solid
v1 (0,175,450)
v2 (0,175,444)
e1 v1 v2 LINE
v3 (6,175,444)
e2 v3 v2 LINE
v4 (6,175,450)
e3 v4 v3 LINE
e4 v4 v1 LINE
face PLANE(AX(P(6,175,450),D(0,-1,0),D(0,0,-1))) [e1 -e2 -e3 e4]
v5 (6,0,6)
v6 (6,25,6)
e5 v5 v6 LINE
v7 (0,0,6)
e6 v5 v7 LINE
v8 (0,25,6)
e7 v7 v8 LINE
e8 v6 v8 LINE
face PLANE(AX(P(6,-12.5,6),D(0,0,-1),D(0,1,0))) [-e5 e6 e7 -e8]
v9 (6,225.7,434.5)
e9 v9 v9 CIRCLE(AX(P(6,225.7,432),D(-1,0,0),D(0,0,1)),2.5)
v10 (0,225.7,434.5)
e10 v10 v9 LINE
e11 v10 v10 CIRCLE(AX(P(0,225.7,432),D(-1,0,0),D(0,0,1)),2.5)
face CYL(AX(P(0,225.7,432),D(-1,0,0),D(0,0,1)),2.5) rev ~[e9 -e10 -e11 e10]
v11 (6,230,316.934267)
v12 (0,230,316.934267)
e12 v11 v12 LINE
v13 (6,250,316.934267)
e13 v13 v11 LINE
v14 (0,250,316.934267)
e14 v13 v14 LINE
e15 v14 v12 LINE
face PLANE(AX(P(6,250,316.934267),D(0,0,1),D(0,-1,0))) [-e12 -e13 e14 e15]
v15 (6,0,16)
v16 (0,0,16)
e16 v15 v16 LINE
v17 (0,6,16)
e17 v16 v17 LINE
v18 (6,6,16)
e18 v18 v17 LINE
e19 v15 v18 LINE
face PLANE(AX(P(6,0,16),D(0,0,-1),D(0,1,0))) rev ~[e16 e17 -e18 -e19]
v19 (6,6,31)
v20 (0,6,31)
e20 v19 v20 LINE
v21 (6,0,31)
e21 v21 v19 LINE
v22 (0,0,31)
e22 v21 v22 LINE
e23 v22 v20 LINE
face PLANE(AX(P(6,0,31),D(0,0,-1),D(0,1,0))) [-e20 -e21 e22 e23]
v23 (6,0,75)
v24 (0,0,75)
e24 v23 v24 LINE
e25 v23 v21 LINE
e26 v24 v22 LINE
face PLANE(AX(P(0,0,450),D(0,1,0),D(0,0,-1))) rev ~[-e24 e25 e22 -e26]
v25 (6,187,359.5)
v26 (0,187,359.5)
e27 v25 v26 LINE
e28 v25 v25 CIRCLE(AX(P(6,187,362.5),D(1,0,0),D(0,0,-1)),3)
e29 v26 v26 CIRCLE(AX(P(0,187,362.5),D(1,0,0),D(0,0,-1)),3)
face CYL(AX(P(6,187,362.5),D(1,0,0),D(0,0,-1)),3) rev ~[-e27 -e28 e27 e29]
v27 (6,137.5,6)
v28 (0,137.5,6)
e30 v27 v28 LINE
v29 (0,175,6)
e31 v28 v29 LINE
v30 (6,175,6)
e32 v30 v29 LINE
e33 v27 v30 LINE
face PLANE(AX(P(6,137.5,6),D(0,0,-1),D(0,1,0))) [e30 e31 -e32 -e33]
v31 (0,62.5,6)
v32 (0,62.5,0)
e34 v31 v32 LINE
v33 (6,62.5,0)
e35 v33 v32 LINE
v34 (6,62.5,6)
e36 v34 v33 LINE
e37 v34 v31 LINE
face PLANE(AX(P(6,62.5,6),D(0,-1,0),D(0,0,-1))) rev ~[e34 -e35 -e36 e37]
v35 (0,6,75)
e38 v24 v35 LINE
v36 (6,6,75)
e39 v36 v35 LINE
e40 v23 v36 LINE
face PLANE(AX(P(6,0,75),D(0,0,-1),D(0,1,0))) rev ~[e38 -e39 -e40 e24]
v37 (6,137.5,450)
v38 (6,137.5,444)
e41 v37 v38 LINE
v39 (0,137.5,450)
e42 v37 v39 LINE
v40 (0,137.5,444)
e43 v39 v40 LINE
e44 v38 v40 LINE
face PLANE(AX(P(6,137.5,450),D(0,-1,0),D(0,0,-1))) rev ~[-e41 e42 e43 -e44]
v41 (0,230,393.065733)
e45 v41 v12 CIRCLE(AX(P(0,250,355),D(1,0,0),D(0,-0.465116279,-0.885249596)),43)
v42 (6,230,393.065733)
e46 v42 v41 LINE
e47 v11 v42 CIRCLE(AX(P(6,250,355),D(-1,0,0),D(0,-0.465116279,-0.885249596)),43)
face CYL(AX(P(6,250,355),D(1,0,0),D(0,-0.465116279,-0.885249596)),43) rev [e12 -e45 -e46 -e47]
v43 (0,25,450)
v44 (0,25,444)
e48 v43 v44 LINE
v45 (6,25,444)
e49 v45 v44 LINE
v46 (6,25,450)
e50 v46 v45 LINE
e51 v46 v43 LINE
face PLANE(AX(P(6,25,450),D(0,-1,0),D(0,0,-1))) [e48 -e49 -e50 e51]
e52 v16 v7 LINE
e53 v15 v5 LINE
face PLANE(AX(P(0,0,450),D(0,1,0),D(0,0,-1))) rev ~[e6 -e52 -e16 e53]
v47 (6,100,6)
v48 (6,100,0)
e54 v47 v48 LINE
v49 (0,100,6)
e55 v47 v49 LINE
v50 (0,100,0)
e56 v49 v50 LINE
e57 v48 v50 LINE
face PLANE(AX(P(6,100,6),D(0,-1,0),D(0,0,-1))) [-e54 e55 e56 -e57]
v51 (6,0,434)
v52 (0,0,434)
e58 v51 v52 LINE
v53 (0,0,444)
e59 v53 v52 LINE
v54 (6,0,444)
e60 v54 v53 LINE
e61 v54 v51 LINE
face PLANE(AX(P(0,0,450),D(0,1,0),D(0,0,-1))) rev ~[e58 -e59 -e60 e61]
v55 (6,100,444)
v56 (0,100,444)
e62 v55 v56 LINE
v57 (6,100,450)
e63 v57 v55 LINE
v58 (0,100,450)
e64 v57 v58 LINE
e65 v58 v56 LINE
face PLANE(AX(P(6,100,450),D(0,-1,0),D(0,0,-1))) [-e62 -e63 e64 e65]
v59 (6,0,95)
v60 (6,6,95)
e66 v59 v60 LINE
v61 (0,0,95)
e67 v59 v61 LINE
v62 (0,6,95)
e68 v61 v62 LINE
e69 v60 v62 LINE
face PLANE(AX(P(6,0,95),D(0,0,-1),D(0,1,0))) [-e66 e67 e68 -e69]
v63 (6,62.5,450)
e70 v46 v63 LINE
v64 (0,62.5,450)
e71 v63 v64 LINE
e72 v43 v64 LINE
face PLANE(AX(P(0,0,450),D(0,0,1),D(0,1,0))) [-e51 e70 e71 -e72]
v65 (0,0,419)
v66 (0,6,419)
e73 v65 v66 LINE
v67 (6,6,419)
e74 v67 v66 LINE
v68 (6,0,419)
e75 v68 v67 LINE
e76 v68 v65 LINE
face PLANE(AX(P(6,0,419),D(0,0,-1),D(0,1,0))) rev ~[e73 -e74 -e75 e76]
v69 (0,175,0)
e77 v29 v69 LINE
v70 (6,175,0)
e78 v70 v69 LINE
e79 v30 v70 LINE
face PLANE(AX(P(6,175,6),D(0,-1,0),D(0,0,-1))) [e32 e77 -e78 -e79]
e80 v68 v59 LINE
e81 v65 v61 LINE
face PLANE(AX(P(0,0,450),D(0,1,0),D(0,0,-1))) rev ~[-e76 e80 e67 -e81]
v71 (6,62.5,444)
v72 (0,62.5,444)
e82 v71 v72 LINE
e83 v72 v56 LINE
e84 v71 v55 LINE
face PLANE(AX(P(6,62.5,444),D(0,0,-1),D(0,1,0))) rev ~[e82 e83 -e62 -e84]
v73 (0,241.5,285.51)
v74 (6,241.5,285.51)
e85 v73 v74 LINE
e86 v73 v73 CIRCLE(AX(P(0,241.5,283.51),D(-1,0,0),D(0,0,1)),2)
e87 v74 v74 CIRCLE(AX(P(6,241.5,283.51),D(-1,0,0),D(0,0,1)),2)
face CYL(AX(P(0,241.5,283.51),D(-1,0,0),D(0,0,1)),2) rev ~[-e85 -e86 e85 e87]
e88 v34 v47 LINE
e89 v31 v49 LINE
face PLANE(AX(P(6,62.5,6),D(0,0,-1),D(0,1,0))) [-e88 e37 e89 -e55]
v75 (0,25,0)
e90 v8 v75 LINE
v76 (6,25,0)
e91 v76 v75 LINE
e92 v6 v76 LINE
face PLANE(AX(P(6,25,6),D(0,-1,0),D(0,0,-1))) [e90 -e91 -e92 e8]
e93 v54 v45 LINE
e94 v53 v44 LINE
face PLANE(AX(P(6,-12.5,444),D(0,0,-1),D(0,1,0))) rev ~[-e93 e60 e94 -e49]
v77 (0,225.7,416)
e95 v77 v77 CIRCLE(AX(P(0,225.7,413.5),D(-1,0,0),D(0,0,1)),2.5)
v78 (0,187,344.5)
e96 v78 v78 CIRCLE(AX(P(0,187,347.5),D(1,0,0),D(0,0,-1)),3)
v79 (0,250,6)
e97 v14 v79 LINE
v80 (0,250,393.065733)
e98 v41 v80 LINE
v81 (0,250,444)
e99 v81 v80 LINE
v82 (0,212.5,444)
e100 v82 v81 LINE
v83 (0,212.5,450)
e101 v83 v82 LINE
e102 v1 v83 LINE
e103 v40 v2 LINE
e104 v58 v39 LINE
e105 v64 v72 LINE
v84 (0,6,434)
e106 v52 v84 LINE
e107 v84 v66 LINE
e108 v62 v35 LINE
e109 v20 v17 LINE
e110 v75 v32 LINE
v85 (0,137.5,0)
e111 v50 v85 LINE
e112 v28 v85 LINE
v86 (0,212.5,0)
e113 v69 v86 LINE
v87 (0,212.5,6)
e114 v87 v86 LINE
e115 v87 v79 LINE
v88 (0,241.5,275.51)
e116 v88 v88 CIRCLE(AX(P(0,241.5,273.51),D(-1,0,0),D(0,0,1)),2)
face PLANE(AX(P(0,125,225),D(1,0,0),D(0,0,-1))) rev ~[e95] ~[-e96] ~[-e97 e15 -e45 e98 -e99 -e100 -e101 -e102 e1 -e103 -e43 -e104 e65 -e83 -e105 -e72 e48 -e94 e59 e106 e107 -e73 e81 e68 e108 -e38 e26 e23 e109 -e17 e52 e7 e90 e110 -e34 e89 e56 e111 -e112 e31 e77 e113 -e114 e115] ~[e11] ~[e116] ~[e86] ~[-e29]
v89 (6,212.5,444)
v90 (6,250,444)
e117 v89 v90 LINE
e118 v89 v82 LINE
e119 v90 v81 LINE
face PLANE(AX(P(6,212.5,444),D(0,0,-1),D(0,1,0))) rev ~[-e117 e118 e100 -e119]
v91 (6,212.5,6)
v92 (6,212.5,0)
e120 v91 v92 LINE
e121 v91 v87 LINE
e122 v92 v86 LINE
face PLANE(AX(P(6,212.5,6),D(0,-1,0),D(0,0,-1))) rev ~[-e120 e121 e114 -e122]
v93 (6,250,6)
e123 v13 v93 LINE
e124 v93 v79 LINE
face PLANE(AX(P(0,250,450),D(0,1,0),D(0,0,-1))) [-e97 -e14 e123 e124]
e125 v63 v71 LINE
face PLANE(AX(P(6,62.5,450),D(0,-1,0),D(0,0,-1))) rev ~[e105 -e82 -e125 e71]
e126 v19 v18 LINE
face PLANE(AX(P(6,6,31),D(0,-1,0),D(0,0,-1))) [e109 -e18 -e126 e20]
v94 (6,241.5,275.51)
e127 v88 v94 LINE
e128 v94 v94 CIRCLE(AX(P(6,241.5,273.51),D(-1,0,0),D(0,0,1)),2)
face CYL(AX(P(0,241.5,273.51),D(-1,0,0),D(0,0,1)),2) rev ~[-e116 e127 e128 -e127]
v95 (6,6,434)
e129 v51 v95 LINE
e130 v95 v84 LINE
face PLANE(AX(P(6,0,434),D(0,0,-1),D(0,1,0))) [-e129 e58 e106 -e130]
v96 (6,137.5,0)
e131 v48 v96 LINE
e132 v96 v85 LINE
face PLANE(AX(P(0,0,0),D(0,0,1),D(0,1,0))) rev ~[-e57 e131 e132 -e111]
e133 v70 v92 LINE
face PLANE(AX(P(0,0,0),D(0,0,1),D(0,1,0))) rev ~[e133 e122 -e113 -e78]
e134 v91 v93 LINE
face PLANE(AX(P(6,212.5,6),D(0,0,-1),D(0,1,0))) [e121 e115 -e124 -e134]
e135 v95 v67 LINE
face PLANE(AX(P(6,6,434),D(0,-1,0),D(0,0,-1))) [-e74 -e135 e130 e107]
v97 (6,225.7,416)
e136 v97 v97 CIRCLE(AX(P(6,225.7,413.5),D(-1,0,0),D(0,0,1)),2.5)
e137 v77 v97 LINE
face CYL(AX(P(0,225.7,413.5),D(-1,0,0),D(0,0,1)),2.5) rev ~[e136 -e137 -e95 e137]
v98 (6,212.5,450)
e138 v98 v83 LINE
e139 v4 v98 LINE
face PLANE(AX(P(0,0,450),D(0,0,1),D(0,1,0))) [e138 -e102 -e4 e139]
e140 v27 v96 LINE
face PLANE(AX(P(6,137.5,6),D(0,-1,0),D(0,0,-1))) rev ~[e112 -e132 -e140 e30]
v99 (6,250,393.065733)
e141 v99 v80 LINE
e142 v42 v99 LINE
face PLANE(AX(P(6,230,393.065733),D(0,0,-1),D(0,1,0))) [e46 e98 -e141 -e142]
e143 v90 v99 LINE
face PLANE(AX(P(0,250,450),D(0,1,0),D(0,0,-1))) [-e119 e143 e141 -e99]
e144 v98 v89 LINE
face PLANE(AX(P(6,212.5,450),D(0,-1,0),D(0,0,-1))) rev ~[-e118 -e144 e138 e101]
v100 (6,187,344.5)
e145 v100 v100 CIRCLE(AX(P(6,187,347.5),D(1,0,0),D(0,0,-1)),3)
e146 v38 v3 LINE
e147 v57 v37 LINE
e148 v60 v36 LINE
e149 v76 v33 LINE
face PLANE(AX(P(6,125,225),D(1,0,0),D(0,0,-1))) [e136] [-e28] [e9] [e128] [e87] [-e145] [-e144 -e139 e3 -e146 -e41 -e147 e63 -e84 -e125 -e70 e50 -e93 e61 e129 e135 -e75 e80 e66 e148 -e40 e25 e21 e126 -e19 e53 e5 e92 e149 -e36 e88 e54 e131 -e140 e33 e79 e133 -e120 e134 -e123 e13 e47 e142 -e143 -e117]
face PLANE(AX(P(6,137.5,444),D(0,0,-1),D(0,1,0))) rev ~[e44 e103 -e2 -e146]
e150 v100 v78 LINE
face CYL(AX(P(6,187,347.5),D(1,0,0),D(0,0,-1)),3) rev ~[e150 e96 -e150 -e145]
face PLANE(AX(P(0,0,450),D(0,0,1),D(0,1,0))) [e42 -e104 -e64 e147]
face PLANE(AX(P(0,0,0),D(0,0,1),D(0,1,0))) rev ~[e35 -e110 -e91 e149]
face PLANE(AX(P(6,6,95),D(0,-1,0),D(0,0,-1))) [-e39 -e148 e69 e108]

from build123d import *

# Parameters (mm, degrees)
SKETCH1_W            = 450
SKETCH1_H            = 250
BOSS_EXTRUDE1_DEPTH  = 6
SKETCH2_W            = 6
SKETCH2_H            = 37.5
CUT_EXTRUDE1_DEPTH   = 515.816472153
LPATTERN1_COUNT      = 4
LPATTERN1_PITCH      = 75
LPATTERN1_COUNT_DIR2 = 2
LPATTERN1_PITCH_DIR2 = 444
SKETCH3_W            = 15
SKETCH3_H            = 6
CUT_EXTRUDE2_DEPTH   = 515.816472153
LPATTERN2_COUNT      = 2
LPATTERN2_PITCH      = 403
SKETCH4_R            = 3
CUT_EXTRUDE3_DEPTH   = 10
SKETCH5_W            = 20
SKETCH5_H            = 6
CUT_EXTRUDE4_DEPTH   = 515.816472153
SKETCH6_R            = 2.5
SKETCH6_R_2          = 2
CUT_EXTRUDE5_DEPTH   = 515.816472153


with BuildPart() as part:
    # Sketch1 → Boss-Extrude1 (new body)
    with BuildSketch(Plane(origin=(0, 0, 0), x_dir=(0, 0, -1), z_dir=(1, 0, 0))):
        with Locations((-225, 125)):
            Rectangle(SKETCH1_W, SKETCH1_H)
    extrude(amount=BOSS_EXTRUDE1_DEPTH)

    # Sketch2 → Cut-Extrude1 (cut, through all)
    with BuildSketch(Plane(origin=(6, 0, 0), x_dir=(0, 0, -1), z_dir=(1, 0, 0))):
        with Locations((-447, 231.25)):
            Rectangle(SKETCH2_W, SKETCH2_H)
    cut_extrude1 = extrude(amount=-CUT_EXTRUDE1_DEPTH, mode=Mode.SUBTRACT)

    # LPattern1: Cut-Extrude1 4 × 2
    with Locations(*[(0, -i * LPATTERN1_PITCH, -j * LPATTERN1_PITCH_DIR2) for i in range(LPATTERN1_COUNT) for j in range(LPATTERN1_COUNT_DIR2) if (i, j) != (0, 0)]):
        add(cut_extrude1, mode=Mode.SUBTRACT)

    # Sketch3 → Cut-Extrude2 (cut, through all)
    with BuildSketch(Plane(origin=(6, 0, 0), x_dir=(0, 0, -1), z_dir=(1, 0, 0))):
        with Locations((-426.5, 3)):
            Rectangle(SKETCH3_W, SKETCH3_H)
    cut_extrude2 = extrude(amount=-CUT_EXTRUDE2_DEPTH, mode=Mode.SUBTRACT)

    # LPattern2: Cut-Extrude2 ×2
    with Locations(*[(0, 0, -i * LPATTERN2_PITCH) for i in range(1, LPATTERN2_COUNT)]):
        add(cut_extrude2, mode=Mode.SUBTRACT)

    # Sketch4 → Cut-Extrude3 (cut)
    with BuildSketch(Plane(origin=(6, 0, 0), x_dir=(0, 0, -1), z_dir=(1, 0, 0))):
        with Locations((-362.5, 187)):
            Circle(SKETCH4_R)
        with Locations((-347.5, 187)):
            Circle(SKETCH4_R)
        with BuildLine():
            Line((-393.065732621, 230), (-393.065732621, 250))
            Line((-393.065732621, 250), (-316.934267379, 250))
            Line((-316.934267379, 250), (-316.934267379, 230))
            ThreePointArc((-316.934267379, 230), (-355, 207), (-393.065732621, 230))
        make_face()
    extrude(amount=-CUT_EXTRUDE3_DEPTH, mode=Mode.SUBTRACT)

    # Sketch5 → Cut-Extrude4 (cut, through all)
    with BuildSketch(Plane(origin=(6, 0, 0), x_dir=(0, 0, -1), z_dir=(1, 0, 0))):
        with Locations((-85, 3)):
            Rectangle(SKETCH5_W, SKETCH5_H)
    extrude(amount=-CUT_EXTRUDE4_DEPTH, mode=Mode.SUBTRACT)

    # Sketch6 → Cut-Extrude5 (cut, through all)
    with BuildSketch(Plane.ZY):
        with Locations((432, 225.7)):
            Circle(SKETCH6_R)
        with Locations((413.5, 225.7)):
            Circle(SKETCH6_R)
        with Locations((283.51, 241.5)):
            Circle(SKETCH6_R_2)
        with Locations((273.51, 241.5)):
            Circle(SKETCH6_R_2)
    extrude(amount=-CUT_EXTRUDE5_DEPTH, mode=Mode.SUBTRACT)


solid = part.part
